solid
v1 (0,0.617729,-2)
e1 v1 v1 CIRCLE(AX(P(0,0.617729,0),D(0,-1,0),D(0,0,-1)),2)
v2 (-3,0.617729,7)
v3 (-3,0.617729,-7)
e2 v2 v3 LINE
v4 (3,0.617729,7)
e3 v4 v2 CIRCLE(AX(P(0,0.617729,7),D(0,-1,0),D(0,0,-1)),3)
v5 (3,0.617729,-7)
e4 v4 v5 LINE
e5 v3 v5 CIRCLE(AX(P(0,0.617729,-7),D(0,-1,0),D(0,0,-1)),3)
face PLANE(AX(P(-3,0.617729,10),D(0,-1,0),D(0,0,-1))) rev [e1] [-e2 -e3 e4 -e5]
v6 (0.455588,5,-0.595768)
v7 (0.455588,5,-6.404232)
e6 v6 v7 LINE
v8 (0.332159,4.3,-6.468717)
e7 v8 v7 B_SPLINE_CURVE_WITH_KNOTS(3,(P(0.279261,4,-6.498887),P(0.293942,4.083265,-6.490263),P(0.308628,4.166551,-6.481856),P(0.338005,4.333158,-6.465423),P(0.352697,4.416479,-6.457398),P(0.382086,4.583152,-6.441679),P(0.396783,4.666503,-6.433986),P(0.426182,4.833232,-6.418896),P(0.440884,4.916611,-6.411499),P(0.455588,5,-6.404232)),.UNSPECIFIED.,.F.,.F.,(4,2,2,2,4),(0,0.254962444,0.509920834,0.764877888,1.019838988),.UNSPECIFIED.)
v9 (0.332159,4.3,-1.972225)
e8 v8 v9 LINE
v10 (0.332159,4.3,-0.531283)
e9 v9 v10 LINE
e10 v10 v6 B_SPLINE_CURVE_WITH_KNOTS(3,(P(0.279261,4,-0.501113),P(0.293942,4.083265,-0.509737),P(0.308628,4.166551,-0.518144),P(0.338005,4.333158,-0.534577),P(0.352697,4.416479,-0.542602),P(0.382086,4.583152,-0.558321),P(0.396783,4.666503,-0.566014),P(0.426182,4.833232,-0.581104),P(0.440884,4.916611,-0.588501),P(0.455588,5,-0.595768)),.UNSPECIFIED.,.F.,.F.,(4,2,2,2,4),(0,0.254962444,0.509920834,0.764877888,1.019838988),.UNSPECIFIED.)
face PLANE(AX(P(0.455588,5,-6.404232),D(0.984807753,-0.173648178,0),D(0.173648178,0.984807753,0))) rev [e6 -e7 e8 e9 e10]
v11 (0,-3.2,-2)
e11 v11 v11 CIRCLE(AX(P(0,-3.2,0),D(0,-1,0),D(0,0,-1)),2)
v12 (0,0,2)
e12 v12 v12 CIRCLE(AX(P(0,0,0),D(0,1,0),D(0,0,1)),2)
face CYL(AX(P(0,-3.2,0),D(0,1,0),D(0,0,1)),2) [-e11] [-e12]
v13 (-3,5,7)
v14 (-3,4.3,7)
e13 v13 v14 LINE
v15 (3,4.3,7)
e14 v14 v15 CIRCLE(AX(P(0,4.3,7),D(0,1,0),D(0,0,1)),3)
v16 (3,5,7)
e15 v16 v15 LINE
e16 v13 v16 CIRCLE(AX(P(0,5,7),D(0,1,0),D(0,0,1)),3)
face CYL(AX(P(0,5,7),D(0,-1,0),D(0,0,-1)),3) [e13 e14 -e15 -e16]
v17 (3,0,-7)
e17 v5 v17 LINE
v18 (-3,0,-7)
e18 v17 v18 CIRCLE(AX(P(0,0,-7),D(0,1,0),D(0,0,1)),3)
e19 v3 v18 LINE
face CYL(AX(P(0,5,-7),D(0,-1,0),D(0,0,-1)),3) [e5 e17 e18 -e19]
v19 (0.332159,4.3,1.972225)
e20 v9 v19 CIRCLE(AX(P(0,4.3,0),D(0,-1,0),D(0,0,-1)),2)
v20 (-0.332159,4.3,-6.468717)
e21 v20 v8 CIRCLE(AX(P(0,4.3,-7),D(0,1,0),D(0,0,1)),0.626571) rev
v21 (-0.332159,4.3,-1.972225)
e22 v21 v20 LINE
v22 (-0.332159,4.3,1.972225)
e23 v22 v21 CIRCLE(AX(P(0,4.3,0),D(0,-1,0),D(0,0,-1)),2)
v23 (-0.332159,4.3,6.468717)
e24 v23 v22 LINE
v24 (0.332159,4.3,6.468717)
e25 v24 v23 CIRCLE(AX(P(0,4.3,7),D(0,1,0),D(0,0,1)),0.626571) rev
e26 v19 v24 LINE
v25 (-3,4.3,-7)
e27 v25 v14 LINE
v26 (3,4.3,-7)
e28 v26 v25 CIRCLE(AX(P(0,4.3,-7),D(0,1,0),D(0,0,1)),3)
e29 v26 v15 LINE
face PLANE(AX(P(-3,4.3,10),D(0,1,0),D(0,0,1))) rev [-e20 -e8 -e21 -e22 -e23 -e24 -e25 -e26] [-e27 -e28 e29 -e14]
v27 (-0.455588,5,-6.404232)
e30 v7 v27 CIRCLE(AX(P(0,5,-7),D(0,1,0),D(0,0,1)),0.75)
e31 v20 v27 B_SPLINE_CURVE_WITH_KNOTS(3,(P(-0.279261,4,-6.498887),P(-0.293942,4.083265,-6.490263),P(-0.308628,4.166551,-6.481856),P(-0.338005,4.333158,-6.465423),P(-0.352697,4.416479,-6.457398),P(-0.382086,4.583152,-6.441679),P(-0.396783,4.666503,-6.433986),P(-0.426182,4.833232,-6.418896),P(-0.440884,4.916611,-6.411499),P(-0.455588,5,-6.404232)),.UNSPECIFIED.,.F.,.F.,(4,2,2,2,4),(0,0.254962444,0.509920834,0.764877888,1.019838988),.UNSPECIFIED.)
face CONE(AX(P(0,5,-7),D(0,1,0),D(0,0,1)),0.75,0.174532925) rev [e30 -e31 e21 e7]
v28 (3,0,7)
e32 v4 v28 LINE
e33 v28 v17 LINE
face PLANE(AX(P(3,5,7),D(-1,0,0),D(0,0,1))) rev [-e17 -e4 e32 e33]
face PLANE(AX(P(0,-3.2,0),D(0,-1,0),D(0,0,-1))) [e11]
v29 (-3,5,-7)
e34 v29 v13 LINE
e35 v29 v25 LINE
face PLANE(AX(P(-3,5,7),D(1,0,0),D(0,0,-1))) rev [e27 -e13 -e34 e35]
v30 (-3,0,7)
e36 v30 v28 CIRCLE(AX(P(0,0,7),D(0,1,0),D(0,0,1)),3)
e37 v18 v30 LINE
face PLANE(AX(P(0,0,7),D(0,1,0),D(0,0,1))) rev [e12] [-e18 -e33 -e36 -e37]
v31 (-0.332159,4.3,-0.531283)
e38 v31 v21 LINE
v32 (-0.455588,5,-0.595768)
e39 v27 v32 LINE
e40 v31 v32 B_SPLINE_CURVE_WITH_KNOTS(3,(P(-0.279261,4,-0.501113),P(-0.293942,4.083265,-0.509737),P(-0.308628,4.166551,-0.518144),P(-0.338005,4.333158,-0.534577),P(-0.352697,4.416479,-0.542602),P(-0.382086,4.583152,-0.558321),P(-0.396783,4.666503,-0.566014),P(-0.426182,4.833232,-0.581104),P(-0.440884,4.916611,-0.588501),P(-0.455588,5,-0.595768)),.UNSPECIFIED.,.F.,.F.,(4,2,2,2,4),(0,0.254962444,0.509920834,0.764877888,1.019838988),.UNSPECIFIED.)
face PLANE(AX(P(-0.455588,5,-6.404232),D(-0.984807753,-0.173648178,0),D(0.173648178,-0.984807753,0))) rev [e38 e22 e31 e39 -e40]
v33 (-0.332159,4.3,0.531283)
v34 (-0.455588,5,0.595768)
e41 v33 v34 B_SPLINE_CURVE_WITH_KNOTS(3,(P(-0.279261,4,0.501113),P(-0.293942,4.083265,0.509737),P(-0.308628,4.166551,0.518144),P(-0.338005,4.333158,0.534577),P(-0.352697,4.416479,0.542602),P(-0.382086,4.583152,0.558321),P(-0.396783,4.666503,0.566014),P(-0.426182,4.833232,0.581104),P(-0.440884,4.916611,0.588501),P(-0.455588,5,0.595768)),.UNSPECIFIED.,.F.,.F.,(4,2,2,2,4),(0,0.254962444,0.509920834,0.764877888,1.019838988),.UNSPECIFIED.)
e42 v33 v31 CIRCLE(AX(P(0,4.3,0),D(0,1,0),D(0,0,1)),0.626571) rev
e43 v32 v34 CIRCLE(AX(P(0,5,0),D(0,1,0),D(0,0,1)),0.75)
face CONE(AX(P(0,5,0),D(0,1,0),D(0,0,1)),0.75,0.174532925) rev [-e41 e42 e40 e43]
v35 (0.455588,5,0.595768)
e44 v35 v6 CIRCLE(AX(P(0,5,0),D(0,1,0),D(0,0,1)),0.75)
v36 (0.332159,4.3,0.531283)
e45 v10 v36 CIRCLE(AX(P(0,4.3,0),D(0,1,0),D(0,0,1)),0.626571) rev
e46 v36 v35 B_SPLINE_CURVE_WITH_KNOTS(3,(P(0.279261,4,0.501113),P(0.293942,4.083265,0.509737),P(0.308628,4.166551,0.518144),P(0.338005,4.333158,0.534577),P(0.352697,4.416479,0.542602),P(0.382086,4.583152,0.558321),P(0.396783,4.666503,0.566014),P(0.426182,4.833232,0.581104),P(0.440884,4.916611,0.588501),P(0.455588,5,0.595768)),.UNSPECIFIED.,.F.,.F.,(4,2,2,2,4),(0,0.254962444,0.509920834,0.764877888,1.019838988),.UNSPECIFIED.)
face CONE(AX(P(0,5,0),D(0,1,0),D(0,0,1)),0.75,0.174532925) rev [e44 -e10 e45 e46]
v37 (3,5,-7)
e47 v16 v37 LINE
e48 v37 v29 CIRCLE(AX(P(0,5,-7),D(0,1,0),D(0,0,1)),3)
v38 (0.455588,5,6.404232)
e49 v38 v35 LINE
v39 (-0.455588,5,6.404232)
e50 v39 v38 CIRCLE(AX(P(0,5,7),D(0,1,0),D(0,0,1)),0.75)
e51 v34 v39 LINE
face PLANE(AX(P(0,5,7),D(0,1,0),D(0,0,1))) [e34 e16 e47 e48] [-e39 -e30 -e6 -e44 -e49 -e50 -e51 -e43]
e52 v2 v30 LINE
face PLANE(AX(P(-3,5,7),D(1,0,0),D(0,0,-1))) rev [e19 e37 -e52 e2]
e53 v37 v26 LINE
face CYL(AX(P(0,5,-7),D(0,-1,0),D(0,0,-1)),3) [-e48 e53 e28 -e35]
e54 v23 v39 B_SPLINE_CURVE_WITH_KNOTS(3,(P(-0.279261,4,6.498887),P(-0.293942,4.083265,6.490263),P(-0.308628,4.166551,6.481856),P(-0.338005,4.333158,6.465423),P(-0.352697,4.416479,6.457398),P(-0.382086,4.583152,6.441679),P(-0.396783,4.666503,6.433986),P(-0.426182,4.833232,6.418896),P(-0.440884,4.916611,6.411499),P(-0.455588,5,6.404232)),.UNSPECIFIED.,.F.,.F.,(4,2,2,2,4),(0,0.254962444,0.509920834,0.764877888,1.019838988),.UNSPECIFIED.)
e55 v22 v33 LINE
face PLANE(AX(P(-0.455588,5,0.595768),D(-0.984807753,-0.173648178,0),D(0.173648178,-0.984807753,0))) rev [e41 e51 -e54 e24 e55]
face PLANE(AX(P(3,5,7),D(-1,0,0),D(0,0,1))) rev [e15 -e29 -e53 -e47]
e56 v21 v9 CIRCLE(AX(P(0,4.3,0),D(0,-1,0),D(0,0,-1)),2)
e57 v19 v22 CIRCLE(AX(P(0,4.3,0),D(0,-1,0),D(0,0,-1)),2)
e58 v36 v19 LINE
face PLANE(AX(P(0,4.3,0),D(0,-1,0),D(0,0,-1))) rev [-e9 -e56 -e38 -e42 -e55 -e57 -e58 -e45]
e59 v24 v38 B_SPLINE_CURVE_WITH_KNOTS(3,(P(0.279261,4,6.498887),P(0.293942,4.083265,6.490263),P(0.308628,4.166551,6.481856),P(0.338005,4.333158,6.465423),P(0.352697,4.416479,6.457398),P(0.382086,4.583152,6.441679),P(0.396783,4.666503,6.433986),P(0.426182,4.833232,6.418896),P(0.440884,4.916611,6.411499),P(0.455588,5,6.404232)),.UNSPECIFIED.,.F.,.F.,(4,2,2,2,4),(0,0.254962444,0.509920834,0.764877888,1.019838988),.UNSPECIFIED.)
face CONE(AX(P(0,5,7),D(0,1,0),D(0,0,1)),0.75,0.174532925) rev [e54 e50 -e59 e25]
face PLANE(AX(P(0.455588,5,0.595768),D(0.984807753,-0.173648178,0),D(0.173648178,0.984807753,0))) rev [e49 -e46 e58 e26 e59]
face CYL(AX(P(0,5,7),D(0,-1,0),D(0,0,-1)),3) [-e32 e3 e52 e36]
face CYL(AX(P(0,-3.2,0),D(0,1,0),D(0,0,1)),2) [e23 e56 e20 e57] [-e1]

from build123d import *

# Parameters (mm, degrees)
SALIENTE_EXTRUIR1_DEPTH = 5
CORTAR_EXTRUIR1_DEPTH   = 1
CORTAR_EXTRUIR1_DRAFT   = -10
CROQUIS3_W              = 20
CROQUIS3_H              = 3.682271405
CORTAR_EXTRUIR3_DEPTH   = 13.68857754
CROQUIS4_R              = 2
SALIENTE_EXTRUIR2_DEPTH = 7.5


with BuildPart() as part:
    # Croquis1 → Saliente-Extruir1 (new body)
    with BuildSketch(Plane(origin=(0, 0, 0), x_dir=(1, 0, 0), z_dir=(0, 1, 0))):
        with BuildLine():
            Line((-3, -7), (-3, 7))
            ThreePointArc((-3, 7), (0, 10), (3, 7))
            Line((3, 7), (3, -7))
            ThreePointArc((3, -7), (0, -10), (-3, -7))
        make_face()
    extrude(amount=SALIENTE_EXTRUIR1_DEPTH)


with BuildPart() as cortar_extruir1_tool:
    # Croquis2 → Cortar-Extruir1 (with draft: the straight prism first)
    with BuildSketch(Plane(origin=(0, 5, 0), x_dir=(1, 0, 0), z_dir=(0, 1, 0))):
        with BuildLine():
            Line((-0.455587581, 6.404231625), (-0.455587581, 0.595768375))
            ThreePointArc((-0.455587581, 0.595768375), (-0.75, 0), (-0.455587581, -0.595768375))
            Line((-0.455587581, -0.595768375), (-0.455587581, -6.404231625))
            ThreePointArc((-0.455587581, -6.404231625), (0, -7.75), (0.455587581, -6.404231625))
            Line((0.455587581, -6.404231625), (0.455587581, -0.595768375))
            ThreePointArc((0.455587581, -0.595768375), (0.75, 0), (0.455587581, 0.595768375))
            Line((0.455587581, 0.595768375), (0.455587581, 6.404231625))
            ThreePointArc((0.455587581, 6.404231625), (0, 7.75), (-0.455587581, 6.404231625))
        make_face()
    extrude(amount=-CORTAR_EXTRUIR1_DEPTH)
    # Cortar-Extruir1: the draft: its side faces are tilted about the plane it starts from
    cortar_extruir1_sides = [cortar_extruir1_tool.faces().sort_by_distance(p)[0] for p in [
        (0, 4.5, -7.75),
        (-0.455587581, 4.5, -3.5),
        (-0.75, 4.5, 0),
        (-0.455587581, 4.5, 3.5),
        (0, 4.5, 7.75),
        (0.455587581, 4.5, 3.5),
        (0.75, 4.5, 0),
        (0.455587581, 4.5, -3.5),
    ]]
    draft(cortar_extruir1_sides, Plane(origin=(0, 5, 0), x_dir=(1, 0, 0), z_dir=(0, 1, 0)), CORTAR_EXTRUIR1_DRAFT)


with BuildPart() as part_1:
    add(part.part)

    # Cortar-Extruir1: cut by cortar_extruir1_tool
    add(cortar_extruir1_tool.part, mode=Mode.SUBTRACT)

    # Croquis3 → Cortar-Extruir3 (cut, through all)
    with BuildSketch(Plane(origin=(3, 0, 0), x_dir=(0, 0, -1), z_dir=(1, 0, 0))):
        with Locations((0, 2.458864298)):
            Rectangle(CROQUIS3_W, CROQUIS3_H)
    extrude(amount=-CORTAR_EXTRUIR3_DEPTH, mode=Mode.SUBTRACT)


with BuildPart() as cortar_extruir3_piece_1:
    # of the separate pieces the step leaves, piece 1, a body of its own (cortar_extruir3_pieces)
    add(part_1.part.solids().sort_by_distance((-3, 0, 7))[0])



with BuildPart() as cortar_extruir3_piece_2:
    # of the separate pieces the step leaves, piece 2, a body of its own (cortar_extruir3_pieces)
    add(part_1.part.solids().sort_by_distance((-3, 4.3, -7))[0])


with BuildPart() as cortar_extruir3_piece_1_1:
    add(cortar_extruir3_piece_1.part)

    add(cortar_extruir3_piece_2.part)  # Saliente-Extruir2 merges Cortar-Extruir3 piece 2
    # Croquis4 → Saliente-Extruir2 (add)
    with BuildSketch(Plane.XZ.offset(-4.3)):
        with Locations(Location((0, 0, 0), (0, 0, 80.440058332))):
            Circle(CROQUIS4_R)
    extrude(amount=SALIENTE_EXTRUIR2_DEPTH)


solid = cortar_extruir3_piece_1_1.part
